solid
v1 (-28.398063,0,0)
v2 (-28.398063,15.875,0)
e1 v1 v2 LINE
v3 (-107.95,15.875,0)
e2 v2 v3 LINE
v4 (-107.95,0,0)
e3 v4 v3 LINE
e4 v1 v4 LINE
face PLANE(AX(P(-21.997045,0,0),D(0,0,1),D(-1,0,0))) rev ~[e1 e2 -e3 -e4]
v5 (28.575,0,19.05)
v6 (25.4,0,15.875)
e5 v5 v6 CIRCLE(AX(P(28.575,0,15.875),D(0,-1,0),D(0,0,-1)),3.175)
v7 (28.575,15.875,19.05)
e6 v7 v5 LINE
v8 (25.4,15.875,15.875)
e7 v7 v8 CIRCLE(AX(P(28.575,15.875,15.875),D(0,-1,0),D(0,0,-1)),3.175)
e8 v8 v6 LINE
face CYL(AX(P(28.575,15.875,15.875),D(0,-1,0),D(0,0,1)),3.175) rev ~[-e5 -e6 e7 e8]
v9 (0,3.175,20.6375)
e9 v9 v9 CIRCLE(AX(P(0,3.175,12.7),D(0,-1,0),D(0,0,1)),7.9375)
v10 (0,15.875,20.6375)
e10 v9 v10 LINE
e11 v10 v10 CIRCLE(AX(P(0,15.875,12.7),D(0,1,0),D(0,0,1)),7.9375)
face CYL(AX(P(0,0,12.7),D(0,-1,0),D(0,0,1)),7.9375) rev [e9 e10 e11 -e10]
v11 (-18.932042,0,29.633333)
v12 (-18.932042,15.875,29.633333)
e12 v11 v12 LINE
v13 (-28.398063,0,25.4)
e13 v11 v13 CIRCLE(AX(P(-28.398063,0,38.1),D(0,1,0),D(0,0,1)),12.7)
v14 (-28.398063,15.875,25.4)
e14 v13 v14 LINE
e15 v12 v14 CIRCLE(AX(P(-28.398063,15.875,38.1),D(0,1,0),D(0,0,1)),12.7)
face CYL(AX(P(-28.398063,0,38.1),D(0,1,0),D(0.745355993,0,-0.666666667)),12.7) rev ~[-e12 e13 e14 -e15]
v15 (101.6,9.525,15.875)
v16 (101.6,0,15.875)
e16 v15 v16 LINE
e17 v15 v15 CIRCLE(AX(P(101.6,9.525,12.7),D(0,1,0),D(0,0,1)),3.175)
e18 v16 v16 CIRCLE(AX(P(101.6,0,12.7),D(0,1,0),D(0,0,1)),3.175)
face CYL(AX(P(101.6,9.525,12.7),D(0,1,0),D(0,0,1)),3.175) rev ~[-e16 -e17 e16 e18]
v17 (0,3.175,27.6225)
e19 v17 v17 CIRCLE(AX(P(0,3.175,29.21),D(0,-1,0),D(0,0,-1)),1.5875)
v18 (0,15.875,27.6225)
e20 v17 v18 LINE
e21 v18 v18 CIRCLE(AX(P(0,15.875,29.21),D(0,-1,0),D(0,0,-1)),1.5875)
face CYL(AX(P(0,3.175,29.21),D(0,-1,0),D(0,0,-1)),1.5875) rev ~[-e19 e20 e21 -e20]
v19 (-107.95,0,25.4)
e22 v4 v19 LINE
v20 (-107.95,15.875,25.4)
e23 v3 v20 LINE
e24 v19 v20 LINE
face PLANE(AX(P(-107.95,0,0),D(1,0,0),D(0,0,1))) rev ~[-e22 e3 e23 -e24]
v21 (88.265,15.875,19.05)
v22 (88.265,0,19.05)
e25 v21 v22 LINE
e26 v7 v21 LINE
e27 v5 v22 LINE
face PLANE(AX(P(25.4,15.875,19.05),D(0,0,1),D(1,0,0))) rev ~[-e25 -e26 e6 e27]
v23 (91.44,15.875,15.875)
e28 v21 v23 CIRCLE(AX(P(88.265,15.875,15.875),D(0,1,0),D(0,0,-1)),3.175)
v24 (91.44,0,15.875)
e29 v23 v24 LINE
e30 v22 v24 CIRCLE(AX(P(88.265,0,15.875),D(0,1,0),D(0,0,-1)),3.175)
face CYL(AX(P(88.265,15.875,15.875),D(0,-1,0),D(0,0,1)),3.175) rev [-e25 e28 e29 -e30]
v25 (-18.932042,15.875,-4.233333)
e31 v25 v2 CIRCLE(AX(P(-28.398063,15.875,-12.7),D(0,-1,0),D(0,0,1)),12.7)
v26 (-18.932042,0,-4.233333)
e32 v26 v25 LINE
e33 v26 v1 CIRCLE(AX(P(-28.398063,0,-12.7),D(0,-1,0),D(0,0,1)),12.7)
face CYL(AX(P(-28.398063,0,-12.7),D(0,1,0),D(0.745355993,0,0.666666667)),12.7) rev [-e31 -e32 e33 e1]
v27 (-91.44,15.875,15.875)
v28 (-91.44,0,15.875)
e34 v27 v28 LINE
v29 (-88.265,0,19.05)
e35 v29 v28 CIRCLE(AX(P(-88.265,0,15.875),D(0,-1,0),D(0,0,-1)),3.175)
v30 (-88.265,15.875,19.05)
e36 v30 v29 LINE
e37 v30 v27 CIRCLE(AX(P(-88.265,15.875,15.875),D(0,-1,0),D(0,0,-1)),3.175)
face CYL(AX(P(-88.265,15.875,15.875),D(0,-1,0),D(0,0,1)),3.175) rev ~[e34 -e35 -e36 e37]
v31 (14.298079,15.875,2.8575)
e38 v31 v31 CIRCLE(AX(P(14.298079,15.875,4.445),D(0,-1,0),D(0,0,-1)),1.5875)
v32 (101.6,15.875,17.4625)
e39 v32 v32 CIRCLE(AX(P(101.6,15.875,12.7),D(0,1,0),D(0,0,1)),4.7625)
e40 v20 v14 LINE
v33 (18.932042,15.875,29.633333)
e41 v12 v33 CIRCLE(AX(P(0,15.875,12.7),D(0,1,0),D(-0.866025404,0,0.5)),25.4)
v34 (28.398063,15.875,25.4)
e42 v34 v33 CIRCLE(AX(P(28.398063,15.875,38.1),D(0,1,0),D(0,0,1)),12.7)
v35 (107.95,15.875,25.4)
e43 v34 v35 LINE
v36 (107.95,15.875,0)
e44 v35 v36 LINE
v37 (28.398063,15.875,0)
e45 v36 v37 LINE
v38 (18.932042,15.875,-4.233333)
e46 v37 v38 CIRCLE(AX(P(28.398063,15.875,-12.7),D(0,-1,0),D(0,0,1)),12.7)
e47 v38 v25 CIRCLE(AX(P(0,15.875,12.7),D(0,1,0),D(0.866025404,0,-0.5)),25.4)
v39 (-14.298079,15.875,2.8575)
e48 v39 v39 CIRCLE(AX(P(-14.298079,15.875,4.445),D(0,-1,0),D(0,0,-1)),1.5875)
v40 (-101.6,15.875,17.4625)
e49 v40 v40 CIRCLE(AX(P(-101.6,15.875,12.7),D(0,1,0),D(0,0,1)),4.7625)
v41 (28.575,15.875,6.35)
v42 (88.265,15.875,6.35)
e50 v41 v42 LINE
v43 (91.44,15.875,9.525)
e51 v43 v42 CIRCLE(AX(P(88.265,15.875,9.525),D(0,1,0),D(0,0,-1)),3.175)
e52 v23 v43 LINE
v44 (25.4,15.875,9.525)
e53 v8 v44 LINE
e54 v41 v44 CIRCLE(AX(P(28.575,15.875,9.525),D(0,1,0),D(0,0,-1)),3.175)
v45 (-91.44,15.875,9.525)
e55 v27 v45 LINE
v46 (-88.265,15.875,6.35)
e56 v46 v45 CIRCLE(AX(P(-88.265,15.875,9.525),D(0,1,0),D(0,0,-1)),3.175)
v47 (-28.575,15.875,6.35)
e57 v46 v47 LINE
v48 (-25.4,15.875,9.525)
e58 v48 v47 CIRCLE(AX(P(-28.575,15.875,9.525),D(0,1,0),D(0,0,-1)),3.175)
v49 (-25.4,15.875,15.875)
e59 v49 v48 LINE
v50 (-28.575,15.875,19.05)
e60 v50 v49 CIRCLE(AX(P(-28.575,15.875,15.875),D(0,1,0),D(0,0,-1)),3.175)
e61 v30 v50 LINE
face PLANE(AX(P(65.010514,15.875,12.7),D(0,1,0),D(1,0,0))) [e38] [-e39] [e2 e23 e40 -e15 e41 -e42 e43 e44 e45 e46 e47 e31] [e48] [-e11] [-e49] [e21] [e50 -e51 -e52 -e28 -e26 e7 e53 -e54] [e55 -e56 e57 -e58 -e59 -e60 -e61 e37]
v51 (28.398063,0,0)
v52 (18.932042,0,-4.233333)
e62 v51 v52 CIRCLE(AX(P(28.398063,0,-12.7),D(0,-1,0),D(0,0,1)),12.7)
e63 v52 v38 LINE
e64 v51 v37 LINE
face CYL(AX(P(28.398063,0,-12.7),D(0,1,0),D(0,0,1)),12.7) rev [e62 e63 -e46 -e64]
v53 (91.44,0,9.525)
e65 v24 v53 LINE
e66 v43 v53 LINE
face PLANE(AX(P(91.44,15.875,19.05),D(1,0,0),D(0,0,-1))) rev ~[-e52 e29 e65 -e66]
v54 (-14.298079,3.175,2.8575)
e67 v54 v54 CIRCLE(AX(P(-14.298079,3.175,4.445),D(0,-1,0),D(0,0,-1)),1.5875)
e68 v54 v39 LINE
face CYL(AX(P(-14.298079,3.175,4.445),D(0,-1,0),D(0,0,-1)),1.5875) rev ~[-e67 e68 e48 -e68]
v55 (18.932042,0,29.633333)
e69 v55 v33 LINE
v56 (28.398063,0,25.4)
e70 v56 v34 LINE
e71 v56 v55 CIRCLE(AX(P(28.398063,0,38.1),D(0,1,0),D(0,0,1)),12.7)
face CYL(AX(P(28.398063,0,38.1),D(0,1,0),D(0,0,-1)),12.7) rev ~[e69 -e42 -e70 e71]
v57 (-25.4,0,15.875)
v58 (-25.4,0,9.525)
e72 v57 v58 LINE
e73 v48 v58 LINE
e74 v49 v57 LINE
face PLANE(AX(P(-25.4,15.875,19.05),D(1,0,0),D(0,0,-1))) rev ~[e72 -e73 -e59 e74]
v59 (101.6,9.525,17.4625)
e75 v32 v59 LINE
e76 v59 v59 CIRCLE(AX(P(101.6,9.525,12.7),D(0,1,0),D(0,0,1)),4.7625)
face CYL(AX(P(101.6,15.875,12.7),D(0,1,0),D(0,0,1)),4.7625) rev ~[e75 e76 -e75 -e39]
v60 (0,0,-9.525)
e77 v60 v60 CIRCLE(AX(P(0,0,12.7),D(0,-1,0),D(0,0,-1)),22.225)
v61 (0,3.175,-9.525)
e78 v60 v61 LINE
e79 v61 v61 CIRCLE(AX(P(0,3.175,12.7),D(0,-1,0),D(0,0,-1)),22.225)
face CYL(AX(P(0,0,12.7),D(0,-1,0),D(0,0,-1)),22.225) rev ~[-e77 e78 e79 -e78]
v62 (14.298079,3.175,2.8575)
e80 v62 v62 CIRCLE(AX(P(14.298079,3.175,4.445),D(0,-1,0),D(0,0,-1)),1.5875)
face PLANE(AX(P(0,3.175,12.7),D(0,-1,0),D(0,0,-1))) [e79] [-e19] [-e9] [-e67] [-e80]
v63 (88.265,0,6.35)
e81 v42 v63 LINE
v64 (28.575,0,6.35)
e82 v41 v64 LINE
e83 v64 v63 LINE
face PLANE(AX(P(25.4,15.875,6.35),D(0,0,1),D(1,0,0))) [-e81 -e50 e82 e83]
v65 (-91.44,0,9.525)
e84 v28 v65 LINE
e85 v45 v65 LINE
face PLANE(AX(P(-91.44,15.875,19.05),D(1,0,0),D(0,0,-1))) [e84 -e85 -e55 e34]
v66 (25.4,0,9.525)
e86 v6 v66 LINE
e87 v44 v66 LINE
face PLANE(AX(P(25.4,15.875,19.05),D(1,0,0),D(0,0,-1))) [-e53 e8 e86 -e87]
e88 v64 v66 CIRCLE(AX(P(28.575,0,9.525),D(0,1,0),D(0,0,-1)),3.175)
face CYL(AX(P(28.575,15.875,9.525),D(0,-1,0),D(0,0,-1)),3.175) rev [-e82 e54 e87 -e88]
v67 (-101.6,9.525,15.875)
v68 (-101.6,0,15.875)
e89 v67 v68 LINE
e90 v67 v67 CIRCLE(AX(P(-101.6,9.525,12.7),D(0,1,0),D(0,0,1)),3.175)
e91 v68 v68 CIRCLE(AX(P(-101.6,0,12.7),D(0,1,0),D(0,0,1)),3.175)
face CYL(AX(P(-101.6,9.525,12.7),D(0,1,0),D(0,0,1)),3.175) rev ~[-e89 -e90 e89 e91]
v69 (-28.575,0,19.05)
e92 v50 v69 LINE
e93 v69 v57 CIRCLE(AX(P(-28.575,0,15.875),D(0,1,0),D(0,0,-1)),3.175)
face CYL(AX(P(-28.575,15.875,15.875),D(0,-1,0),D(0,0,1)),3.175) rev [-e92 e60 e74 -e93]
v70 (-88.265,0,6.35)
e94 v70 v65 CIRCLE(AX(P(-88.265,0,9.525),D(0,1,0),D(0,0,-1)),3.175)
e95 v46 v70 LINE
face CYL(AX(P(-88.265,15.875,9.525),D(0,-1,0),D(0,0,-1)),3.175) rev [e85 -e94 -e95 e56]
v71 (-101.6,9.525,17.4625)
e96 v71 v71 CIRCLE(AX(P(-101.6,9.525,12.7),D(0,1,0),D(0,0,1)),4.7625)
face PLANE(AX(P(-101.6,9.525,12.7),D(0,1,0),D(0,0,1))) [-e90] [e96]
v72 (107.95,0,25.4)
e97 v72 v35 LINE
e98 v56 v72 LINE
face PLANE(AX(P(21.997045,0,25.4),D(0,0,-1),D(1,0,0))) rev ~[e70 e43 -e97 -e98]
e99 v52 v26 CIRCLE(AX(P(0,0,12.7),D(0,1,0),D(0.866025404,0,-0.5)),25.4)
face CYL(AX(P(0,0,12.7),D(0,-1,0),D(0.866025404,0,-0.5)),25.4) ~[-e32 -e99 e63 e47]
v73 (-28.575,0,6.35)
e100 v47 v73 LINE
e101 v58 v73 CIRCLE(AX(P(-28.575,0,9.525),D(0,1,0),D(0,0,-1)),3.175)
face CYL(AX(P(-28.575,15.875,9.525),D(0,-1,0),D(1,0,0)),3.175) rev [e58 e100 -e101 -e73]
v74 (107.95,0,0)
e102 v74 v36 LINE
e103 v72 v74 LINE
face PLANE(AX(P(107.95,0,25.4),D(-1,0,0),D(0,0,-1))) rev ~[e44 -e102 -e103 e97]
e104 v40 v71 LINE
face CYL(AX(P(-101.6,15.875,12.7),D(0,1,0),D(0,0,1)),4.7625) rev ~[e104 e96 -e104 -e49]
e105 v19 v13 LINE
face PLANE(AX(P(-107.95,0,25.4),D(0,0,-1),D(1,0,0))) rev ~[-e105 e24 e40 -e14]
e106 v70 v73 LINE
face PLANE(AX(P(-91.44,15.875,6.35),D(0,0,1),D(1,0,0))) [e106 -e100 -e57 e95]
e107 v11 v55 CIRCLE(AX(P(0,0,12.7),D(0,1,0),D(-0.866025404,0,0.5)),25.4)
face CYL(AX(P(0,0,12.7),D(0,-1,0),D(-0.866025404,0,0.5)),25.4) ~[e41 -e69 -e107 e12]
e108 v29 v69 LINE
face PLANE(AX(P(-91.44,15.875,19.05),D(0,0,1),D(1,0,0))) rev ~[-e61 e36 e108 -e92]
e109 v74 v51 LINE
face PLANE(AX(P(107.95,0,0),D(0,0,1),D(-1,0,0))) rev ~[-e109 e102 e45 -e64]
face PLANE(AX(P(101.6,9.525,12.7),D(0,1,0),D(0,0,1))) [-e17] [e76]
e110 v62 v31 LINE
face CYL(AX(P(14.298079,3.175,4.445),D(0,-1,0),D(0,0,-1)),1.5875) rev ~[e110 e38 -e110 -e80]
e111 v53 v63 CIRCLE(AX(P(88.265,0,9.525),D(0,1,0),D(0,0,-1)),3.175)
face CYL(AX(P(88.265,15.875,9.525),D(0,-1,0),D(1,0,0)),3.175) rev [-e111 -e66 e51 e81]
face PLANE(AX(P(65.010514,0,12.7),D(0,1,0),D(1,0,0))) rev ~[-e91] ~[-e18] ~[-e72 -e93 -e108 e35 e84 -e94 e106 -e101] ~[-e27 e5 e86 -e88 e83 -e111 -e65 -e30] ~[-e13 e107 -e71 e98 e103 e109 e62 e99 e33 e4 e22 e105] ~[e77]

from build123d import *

# Parameters (mm, degrees)
SKETCH2_R           = 7.9375
BOSS_EXTRUDE1_DEPTH = 15.875
FILLET1_R           = 12.7
SKETCH3_R           = 22.225
CUT_EXTRUDE1_DEPTH  = 3.175
SKETCH4_R           = 4.7625
CUT_EXTRUDE2_DEPTH  = 6.35
SKETCH5_R           = 3.175
CUT_EXTRUDE3_DEPTH  = 115.871833471
SKETCH6_R           = 1.5875
CUT_EXTRUDE4_DEPTH  = 116.178567885
SKETCH7_W           = 66.04
SKETCH7_H           = 12.7
CUT_EXTRUDE5_DEPTH  = 116.571744492
FILLET2_R           = 3.175


with BuildPart() as part:
    # Sketch2 → Boss-Extrude1 (new body)
    # profile 1 of 5: a face of its own
    with BuildSketch(Plane(origin=(0, 0, 0), x_dir=(1, 0, 0), z_dir=(0, 1, 0))):
        with BuildLine():
            Line((-107.95, 0), (-107.95, -25.4))
            Line((-107.95, -25.4), (-21.997045256, -25.4))
            ThreePointArc((-21.997045256, -25.4), (-25.4, -12.7), (-21.997045256, 0))
            Line((-21.997045256, 0), (-107.95, 0))
        make_face()
    # profile 2 of 5: a face of its own
    with BuildSketch(Plane(origin=(0, 0, 0), x_dir=(1, 0, 0), z_dir=(0, 1, 0))):
        with BuildLine():
            ThreePointArc((-21.997045256, 0), (-25.4, -12.7), (-21.997045256, -25.4))
            Line((-21.997045256, -25.4), (-21.997045256, 0))
        make_face()
    # profile 3 of 5: a face of its own
    with BuildSketch(Plane(origin=(0, 0, 0), x_dir=(1, 0, 0), z_dir=(0, 1, 0))):
        with BuildLine():
            Line((-21.997045256, 0), (-21.997045256, -25.4))
            ThreePointArc((-21.997045256, -25.4), (0, -38.1), (21.997045256, -25.4))
            Line((21.997045256, -25.4), (21.997045256, 0))
            ThreePointArc((21.997045256, 0), (0, 12.7), (-21.997045256, 0))
        make_face()
        with Locations(Location((0, -12.7, 0), (0, 0, 270))):
            Circle(SKETCH2_R, mode=Mode.SUBTRACT)
    # profile 4 of 5: a face of its own
    with BuildSketch(Plane(origin=(0, 0, 0), x_dir=(1, 0, 0), z_dir=(0, 1, 0))):
        with BuildLine():
            Line((21.997045256, 0), (21.997045256, -25.4))
            ThreePointArc((21.997045256, -25.4), (24.534515988, -19.274003746), (25.4, -12.7))
            ThreePointArc((25.4, -12.7), (24.534515988, -6.125996254), (21.997045256, 0))
        make_face()
    # profile 5 of 5: a face of its own
    with BuildSketch(Plane(origin=(0, 0, 0), x_dir=(1, 0, 0), z_dir=(0, 1, 0))):
        with BuildLine():
            ThreePointArc((25.4, -12.7), (24.534515988, -19.274003746), (21.997045256, -25.4))
            Line((21.997045256, -25.4), (107.95, -25.4))
            Line((107.95, -25.4), (107.95, 0))
            Line((107.95, 0), (21.997045256, 0))
            ThreePointArc((21.997045256, 0), (24.534515988, -6.125996254), (25.4, -12.7))
        make_face()
    extrude(amount=BOSS_EXTRUDE1_DEPTH)

    # Fillet1
    fillet1_edges = [part.edges().sort_by_distance(p)[0] for p in [
        (-21.997045256, 7.9375, 0),
        (21.997045256, 7.9375, 0),
        (21.997045256, 7.9375, 25.4),
        (-21.997045256, 7.9375, 25.4),
    ]]
    fillet(fillet1_edges, radius=FILLET1_R)

    # Sketch3 → Cut-Extrude1 (cut)
    with BuildSketch(Plane.XZ):
        with Locations(Location((0, 12.7, 0), (0, 0, 270))):
            Circle(SKETCH3_R)
    extrude(amount=-CUT_EXTRUDE1_DEPTH, mode=Mode.SUBTRACT)

    # Sketch4 → Cut-Extrude2 (cut)
    with BuildSketch(Plane(origin=(0, 15.875, 0), x_dir=(1, 0, 0), z_dir=(0, 1, 0))):
        with Locations(Location((-101.6, -12.7, 0), (0, 0, 270))):
            Circle(SKETCH4_R)
        with Locations(Location((101.6, -12.7, 0), (0, 0, 270))):
            Circle(SKETCH4_R)
    extrude(amount=-CUT_EXTRUDE2_DEPTH, mode=Mode.SUBTRACT)

    # Sketch5 → Cut-Extrude3 (cut, through all)
    with BuildSketch(Plane(origin=(0, 9.525, 0), x_dir=(1, 0, 0), z_dir=(0, 1, 0))):
        with Locations(Location((-101.6, -12.7, 0), (0, 0, 270))):
            Circle(SKETCH5_R)
        with Locations(Location((101.6, -12.7, 0), (0, 0, 270))):
            Circle(SKETCH5_R)
    extrude(amount=-CUT_EXTRUDE3_DEPTH, mode=Mode.SUBTRACT)

    # Sketch6 → Cut-Extrude4 (cut, through all)
    with BuildSketch(Plane.XZ.offset(-3.175)):
        with Locations(Location((0, 29.21, 0), (0, 0, 270))):
            Circle(SKETCH6_R)
        with Locations(Location((14.298079416, 4.445, 0), (0, 0, 270))):
            Circle(SKETCH6_R)
        with Locations(Location((-14.298079416, 4.445, 0), (0, 0, 270))):
            Circle(SKETCH6_R)
    extrude(amount=-CUT_EXTRUDE4_DEPTH, mode=Mode.SUBTRACT)

    # Sketch7 → Cut-Extrude5 (cut, through all)
    with BuildSketch(Plane(origin=(0, 15.875, 0), x_dir=(1, 0, 0), z_dir=(0, 1, 0))):
        with Locations((-58.42, -12.7)):
            Rectangle(SKETCH7_W, SKETCH7_H)
        with Locations((58.42, -12.7)):
            Rectangle(SKETCH7_W, SKETCH7_H)
    extrude(amount=-CUT_EXTRUDE5_DEPTH, mode=Mode.SUBTRACT)

    # Fillet2
    fillet2_edges = [part.edges().sort_by_distance(p)[0] for p in [
        (-91.44, 7.9375, 19.05),
        (-91.44, 7.9375, 6.35),
        (-25.4, 7.9375, 6.35),
        (-25.4, 7.9375, 19.05),
        (25.4, 7.9375, 19.05),
        (25.4, 7.9375, 6.35),
        (91.44, 7.9375, 6.35),
        (91.44, 7.9375, 19.05),
    ]]
    fillet(fillet2_edges, radius=FILLET2_R)


solid = part.part
